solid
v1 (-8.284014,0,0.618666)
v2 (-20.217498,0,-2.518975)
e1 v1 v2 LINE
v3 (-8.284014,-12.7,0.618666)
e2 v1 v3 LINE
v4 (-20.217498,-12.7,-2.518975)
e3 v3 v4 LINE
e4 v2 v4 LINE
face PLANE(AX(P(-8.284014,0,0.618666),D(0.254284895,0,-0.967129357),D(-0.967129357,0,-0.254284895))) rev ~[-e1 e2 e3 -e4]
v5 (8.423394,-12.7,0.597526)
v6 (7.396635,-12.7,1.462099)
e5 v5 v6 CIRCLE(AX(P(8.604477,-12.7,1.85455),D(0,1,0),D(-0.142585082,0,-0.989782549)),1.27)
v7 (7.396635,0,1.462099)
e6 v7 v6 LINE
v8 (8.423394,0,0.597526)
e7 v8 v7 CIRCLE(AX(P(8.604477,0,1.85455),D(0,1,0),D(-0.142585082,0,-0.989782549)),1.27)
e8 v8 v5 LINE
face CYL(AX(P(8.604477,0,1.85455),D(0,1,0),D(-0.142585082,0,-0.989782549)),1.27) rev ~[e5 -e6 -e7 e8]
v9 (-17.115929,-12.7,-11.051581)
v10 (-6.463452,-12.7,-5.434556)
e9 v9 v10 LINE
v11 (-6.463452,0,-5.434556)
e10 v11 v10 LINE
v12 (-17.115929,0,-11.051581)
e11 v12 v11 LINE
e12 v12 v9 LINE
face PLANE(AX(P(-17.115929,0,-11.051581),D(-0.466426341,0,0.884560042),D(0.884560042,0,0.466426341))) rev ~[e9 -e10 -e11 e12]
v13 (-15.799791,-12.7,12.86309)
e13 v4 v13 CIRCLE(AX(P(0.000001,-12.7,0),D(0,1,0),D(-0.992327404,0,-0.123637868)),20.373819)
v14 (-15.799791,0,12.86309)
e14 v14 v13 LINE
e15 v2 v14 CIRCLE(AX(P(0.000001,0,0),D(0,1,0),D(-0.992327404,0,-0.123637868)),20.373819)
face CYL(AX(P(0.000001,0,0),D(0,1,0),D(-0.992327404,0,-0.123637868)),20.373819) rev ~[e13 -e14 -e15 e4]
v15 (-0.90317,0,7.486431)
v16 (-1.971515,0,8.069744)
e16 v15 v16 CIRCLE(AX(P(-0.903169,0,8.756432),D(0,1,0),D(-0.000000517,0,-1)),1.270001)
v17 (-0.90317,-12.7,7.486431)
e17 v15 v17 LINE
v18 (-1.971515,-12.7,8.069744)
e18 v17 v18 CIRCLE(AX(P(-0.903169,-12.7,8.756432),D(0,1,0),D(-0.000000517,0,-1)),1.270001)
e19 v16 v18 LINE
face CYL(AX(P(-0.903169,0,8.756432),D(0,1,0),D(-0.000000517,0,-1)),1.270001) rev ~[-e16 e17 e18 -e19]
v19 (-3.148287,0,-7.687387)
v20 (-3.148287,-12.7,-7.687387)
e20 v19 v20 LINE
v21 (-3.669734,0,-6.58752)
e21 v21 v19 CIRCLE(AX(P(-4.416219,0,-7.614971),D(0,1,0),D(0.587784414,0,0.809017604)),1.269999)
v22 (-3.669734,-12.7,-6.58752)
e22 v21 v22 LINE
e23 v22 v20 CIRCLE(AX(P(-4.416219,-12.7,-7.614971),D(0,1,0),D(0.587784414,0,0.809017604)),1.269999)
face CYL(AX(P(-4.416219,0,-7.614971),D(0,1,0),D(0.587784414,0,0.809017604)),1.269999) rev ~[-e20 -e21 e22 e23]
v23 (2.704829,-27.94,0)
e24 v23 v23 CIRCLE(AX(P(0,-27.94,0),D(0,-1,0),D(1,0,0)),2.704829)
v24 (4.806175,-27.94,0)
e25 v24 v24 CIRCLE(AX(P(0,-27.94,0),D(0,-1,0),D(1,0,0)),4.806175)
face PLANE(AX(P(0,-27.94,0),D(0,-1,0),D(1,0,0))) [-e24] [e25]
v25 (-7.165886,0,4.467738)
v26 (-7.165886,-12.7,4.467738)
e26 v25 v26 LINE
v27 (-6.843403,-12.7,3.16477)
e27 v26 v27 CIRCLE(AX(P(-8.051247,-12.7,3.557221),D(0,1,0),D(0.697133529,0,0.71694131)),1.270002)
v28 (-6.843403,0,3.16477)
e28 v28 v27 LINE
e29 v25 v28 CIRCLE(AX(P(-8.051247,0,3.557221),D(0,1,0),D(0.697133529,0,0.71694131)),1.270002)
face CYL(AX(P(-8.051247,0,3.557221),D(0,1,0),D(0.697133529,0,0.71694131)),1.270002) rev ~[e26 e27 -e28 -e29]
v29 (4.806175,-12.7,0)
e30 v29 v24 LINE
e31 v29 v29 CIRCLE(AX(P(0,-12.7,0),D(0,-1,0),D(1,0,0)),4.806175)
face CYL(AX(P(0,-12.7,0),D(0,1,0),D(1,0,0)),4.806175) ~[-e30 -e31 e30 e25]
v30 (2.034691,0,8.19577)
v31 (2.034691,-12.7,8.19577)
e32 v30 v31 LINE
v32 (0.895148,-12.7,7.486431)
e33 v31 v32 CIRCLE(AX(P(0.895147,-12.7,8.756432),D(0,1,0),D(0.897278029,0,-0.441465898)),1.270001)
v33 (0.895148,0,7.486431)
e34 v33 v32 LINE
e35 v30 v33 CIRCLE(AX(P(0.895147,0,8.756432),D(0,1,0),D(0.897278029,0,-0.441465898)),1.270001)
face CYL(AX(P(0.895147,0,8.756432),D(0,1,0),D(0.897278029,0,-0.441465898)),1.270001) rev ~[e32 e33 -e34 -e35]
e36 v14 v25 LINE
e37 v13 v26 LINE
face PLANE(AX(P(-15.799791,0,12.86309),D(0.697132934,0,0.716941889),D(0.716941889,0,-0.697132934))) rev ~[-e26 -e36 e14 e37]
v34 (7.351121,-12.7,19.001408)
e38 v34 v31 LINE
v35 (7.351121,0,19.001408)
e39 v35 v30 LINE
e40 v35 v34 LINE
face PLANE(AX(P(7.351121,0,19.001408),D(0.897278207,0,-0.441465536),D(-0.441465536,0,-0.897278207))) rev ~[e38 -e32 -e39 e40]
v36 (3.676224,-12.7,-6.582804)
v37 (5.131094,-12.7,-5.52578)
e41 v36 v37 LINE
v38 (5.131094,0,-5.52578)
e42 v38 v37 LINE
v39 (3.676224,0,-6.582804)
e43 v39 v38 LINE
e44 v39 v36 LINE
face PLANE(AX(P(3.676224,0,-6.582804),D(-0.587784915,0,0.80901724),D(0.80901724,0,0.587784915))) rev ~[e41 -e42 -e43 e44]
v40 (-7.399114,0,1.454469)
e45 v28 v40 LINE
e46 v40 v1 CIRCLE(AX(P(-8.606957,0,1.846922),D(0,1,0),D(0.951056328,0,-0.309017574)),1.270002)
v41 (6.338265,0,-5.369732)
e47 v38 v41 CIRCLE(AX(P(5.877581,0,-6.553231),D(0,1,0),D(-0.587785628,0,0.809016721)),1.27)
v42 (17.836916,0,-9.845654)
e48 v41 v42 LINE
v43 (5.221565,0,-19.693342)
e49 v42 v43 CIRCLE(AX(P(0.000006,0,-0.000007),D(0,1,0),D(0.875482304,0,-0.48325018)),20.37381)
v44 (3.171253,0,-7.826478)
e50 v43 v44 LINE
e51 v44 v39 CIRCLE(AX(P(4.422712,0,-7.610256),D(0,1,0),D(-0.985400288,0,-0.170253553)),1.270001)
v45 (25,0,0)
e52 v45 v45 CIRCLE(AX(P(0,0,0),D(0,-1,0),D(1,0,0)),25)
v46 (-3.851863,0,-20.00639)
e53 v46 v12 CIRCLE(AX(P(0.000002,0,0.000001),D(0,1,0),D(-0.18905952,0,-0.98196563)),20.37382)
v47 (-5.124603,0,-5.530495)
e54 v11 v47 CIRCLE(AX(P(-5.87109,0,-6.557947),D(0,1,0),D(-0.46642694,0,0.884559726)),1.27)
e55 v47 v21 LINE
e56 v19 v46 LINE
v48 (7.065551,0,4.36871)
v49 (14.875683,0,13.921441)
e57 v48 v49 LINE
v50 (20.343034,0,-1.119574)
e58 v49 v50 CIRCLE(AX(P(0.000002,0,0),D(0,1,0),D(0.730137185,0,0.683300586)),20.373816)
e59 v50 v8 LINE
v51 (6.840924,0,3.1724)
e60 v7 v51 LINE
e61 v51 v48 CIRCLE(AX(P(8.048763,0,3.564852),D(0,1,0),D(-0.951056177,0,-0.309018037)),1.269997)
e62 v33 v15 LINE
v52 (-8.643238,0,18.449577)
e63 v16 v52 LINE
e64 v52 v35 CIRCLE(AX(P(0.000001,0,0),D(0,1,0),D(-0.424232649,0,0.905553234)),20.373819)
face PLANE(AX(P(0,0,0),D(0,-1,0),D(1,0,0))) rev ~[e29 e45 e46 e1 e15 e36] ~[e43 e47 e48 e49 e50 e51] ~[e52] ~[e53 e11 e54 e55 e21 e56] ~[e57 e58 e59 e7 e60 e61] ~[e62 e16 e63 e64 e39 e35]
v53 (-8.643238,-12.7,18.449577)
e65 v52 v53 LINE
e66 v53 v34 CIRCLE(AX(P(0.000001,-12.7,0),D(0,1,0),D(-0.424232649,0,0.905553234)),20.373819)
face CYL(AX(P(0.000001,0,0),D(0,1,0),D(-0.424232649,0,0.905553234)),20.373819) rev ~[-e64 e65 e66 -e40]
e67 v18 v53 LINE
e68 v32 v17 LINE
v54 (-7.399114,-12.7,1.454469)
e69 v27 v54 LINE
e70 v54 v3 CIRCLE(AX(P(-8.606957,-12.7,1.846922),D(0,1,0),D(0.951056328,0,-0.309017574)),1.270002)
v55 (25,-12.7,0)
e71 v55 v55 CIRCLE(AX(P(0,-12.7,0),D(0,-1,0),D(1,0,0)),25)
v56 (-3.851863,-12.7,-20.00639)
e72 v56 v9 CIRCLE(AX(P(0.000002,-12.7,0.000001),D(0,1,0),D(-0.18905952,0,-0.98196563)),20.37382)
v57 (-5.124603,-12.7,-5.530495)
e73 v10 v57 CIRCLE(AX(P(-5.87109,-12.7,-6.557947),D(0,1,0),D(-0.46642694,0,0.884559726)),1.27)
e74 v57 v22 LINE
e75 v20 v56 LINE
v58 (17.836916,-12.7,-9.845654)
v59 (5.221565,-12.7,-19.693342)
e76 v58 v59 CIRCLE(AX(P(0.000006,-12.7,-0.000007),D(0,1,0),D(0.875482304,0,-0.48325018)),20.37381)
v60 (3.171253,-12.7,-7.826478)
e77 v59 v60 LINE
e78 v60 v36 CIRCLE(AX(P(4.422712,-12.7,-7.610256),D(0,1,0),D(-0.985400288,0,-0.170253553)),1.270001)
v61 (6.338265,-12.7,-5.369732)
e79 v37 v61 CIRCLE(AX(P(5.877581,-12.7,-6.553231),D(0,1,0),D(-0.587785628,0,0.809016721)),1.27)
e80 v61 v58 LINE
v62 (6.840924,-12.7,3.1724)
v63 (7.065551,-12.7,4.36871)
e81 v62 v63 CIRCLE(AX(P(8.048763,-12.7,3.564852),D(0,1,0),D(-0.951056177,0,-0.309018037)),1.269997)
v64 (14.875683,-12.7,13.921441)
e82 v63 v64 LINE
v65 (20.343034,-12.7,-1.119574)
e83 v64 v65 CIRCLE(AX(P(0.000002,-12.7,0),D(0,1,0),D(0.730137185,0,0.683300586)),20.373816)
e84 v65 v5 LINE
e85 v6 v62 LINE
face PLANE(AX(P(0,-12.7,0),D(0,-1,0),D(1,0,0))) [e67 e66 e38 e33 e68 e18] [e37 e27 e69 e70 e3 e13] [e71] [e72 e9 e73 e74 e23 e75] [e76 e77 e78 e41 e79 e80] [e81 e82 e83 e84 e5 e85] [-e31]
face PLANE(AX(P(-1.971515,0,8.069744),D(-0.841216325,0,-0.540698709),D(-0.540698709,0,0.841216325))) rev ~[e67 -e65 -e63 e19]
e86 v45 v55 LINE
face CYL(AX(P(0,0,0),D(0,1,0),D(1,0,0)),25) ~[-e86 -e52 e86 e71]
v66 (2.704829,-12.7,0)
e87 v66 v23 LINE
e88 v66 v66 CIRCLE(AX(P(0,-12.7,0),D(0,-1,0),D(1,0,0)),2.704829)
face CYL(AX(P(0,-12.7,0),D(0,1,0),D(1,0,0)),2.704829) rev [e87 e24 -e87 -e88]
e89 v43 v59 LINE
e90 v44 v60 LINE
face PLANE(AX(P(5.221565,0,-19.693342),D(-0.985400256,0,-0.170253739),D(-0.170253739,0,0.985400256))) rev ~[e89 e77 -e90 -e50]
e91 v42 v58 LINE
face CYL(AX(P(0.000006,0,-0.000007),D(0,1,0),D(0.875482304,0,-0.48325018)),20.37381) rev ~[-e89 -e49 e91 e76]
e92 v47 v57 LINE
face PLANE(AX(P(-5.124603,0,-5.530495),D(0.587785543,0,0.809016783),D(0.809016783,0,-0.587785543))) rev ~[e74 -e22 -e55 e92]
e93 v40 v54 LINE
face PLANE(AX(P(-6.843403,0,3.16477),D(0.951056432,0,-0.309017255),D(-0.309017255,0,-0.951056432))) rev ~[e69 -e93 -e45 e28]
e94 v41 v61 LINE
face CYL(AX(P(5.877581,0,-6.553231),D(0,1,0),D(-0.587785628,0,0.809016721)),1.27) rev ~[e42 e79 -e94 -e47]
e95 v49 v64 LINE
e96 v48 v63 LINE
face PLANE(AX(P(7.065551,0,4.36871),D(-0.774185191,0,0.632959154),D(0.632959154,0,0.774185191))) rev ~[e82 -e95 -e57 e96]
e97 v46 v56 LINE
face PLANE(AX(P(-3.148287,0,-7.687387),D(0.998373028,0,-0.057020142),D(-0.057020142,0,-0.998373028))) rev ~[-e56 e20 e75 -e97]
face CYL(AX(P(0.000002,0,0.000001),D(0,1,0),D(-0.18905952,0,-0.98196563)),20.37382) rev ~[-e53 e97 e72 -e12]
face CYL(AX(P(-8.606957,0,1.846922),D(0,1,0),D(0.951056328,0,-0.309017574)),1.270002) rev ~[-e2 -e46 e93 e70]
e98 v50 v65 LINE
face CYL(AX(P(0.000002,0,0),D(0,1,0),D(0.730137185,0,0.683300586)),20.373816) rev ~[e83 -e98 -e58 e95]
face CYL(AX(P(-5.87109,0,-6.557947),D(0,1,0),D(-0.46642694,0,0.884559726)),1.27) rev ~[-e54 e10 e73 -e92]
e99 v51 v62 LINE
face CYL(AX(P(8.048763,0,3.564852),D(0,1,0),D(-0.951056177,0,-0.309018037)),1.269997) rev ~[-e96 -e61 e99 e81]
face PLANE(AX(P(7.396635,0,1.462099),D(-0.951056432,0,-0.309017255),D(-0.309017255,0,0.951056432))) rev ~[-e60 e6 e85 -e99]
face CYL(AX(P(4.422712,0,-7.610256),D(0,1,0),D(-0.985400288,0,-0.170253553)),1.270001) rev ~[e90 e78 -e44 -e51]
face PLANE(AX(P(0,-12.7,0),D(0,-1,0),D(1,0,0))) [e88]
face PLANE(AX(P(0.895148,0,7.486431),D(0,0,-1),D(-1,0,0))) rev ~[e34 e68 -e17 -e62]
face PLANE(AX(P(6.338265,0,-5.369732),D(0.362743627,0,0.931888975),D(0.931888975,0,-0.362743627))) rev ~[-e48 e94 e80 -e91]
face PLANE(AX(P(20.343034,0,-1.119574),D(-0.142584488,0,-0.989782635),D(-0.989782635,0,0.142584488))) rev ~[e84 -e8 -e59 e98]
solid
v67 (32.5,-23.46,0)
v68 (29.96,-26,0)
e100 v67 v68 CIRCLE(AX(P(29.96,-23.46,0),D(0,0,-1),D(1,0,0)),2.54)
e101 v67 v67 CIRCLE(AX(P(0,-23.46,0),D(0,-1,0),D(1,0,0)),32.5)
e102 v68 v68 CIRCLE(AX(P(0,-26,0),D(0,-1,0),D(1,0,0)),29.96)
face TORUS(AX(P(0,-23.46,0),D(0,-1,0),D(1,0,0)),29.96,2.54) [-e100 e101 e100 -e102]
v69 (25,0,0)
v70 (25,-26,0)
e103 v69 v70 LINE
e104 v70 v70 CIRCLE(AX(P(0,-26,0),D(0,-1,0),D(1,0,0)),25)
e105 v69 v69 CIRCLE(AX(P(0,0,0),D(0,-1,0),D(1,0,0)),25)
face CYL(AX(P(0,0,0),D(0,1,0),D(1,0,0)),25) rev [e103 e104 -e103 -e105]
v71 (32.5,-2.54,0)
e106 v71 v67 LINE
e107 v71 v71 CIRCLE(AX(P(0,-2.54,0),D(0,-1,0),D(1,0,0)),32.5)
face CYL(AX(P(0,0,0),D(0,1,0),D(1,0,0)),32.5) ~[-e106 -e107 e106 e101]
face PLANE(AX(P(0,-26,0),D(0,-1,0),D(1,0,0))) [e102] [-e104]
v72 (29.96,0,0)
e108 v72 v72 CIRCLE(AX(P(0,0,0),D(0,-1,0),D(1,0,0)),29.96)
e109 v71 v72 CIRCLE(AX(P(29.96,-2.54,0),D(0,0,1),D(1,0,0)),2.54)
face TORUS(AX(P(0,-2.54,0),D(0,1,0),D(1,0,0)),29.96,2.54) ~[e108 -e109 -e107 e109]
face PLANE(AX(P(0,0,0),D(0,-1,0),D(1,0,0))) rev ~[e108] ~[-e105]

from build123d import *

# Parameters (mm, degrees)
F0_R     = 32.5
F0_R_2   = 25
F1_DEPTH = 26
F2_R     = 25
F3_DEPTH = 12.7
F4_R     = 4.806175
F4_R_2   = 2.704829
F5_DEPTH = 15.24
F6_R     = 2.54


with BuildPart() as f1:
    # F0 (on Front) → F1 (new body)
    with BuildSketch(Plane.XZ):
        Circle(F0_R)
        Circle(F0_R_2, mode=Mode.SUBTRACT)
    extrude(amount=F1_DEPTH)

    # F6
    f6_edges = [f1.edges().sort_by_distance(p)[0] for p in [
        (-32.5, -26, 0),
        (-32.5, 0, 0),
    ]]
    fillet(f6_edges, radius=F6_R)


with BuildPart() as f3:
    # F2 (on Front) → F3 (new body)
    with BuildSketch(Plane.XZ):
        Circle(F2_R)
        with BuildLine():
            Line((-3.148287, -7.687387), (-3.851863, -20.00639))
            ThreePointArc((-3.851863, -20.00639), (-11.399966, -16.885889), (-17.115929, -11.051581))
            Line((-17.115929, -11.051581), (-6.463452, -5.434556))
            ThreePointArc((-6.463452, -5.434556), (-5.780317, -5.291195), (-5.124603, -5.530495))
            Line((-5.124603, -5.530495), (-3.669734, -6.58752))
            ThreePointArc((-3.669734, -6.58752), (-3.268658, -7.070913), (-3.148287, -7.687387))
        make_face(mode=Mode.SUBTRACT)
        with BuildLine():
            Line((6.338265, -5.369732), (17.836916, -9.845654))
            ThreePointArc((17.836916, -9.845654), (12.536652, -16.060039), (5.221565, -19.693342))
            Line((5.221565, -19.693342), (3.171253, -7.826478))
            ThreePointArc((3.171253, -7.826478), (3.246009, -7.132478), (3.676224, -6.582804))
            Line((3.676224, -6.582804), (5.131094, -5.52578))
            ThreePointArc((5.131094, -5.52578), (5.714767, -5.293711), (6.338265, -5.369732))
        make_face(mode=Mode.SUBTRACT)
        with BuildLine():
            ThreePointArc((-20.217498, -2.518975), (-19.582218, 5.623985), (-15.799791, 12.86309))
            Line((-15.799791, 12.86309), (-7.165886, 4.467738))
            ThreePointArc((-7.165886, 4.467738), (-6.818442, 3.862339), (-6.843403, 3.16477))
            Line((-6.843403, 3.16477), (-7.399114, 1.454469))
            ThreePointArc((-7.399114, 1.454469), (-7.734909, 0.923647), (-8.284014, 0.618666))
            Line((-8.284014, 0.618666), (-20.217498, -2.518975))
        make_face(mode=Mode.SUBTRACT)
        with BuildLine():
            Line((-1.971515, 8.069744), (-8.643238, 18.449577))
            ThreePointArc((-8.643238, 18.449577), (-0.70251, 20.361703), (7.351121, 19.001408))
            Line((7.351121, 19.001408), (2.034691, 8.19577))
            ThreePointArc((2.034691, 8.19577), (1.566288, 7.678252), (0.895148, 7.486431))
            Line((0.895148, 7.486431), (-0.90317, 7.486431))
            ThreePointArc((-0.90317, 7.486431), (-1.511778, 7.641758), (-1.971515, 8.069744))
        make_face(mode=Mode.SUBTRACT)
        with BuildLine():
            Line((7.065551, 4.36871), (14.875683, 13.921441))
            ThreePointArc((14.875683, 13.921441), (19.148043, 6.960239), (20.343034, -1.119574))
            Line((20.343034, -1.119574), (8.423394, 0.597526))
            ThreePointArc((8.423394, 0.597526), (7.786461, 0.883082), (7.396635, 1.462099))
            Line((7.396635, 1.462099), (6.840924, 3.1724))
            ThreePointArc((6.840924, 3.1724), (6.800578, 3.799219), (7.065551, 4.36871))
        make_face(mode=Mode.SUBTRACT)
    extrude(amount=F3_DEPTH)

    # F4 (on face) → F5 (join)
    with BuildSketch(Plane.XZ.offset(12.7)):
        Circle(F4_R)
        Circle(F4_R_2, mode=Mode.SUBTRACT)
    extrude(amount=F5_DEPTH)


solid = Compound([f1.part, f3.part])
